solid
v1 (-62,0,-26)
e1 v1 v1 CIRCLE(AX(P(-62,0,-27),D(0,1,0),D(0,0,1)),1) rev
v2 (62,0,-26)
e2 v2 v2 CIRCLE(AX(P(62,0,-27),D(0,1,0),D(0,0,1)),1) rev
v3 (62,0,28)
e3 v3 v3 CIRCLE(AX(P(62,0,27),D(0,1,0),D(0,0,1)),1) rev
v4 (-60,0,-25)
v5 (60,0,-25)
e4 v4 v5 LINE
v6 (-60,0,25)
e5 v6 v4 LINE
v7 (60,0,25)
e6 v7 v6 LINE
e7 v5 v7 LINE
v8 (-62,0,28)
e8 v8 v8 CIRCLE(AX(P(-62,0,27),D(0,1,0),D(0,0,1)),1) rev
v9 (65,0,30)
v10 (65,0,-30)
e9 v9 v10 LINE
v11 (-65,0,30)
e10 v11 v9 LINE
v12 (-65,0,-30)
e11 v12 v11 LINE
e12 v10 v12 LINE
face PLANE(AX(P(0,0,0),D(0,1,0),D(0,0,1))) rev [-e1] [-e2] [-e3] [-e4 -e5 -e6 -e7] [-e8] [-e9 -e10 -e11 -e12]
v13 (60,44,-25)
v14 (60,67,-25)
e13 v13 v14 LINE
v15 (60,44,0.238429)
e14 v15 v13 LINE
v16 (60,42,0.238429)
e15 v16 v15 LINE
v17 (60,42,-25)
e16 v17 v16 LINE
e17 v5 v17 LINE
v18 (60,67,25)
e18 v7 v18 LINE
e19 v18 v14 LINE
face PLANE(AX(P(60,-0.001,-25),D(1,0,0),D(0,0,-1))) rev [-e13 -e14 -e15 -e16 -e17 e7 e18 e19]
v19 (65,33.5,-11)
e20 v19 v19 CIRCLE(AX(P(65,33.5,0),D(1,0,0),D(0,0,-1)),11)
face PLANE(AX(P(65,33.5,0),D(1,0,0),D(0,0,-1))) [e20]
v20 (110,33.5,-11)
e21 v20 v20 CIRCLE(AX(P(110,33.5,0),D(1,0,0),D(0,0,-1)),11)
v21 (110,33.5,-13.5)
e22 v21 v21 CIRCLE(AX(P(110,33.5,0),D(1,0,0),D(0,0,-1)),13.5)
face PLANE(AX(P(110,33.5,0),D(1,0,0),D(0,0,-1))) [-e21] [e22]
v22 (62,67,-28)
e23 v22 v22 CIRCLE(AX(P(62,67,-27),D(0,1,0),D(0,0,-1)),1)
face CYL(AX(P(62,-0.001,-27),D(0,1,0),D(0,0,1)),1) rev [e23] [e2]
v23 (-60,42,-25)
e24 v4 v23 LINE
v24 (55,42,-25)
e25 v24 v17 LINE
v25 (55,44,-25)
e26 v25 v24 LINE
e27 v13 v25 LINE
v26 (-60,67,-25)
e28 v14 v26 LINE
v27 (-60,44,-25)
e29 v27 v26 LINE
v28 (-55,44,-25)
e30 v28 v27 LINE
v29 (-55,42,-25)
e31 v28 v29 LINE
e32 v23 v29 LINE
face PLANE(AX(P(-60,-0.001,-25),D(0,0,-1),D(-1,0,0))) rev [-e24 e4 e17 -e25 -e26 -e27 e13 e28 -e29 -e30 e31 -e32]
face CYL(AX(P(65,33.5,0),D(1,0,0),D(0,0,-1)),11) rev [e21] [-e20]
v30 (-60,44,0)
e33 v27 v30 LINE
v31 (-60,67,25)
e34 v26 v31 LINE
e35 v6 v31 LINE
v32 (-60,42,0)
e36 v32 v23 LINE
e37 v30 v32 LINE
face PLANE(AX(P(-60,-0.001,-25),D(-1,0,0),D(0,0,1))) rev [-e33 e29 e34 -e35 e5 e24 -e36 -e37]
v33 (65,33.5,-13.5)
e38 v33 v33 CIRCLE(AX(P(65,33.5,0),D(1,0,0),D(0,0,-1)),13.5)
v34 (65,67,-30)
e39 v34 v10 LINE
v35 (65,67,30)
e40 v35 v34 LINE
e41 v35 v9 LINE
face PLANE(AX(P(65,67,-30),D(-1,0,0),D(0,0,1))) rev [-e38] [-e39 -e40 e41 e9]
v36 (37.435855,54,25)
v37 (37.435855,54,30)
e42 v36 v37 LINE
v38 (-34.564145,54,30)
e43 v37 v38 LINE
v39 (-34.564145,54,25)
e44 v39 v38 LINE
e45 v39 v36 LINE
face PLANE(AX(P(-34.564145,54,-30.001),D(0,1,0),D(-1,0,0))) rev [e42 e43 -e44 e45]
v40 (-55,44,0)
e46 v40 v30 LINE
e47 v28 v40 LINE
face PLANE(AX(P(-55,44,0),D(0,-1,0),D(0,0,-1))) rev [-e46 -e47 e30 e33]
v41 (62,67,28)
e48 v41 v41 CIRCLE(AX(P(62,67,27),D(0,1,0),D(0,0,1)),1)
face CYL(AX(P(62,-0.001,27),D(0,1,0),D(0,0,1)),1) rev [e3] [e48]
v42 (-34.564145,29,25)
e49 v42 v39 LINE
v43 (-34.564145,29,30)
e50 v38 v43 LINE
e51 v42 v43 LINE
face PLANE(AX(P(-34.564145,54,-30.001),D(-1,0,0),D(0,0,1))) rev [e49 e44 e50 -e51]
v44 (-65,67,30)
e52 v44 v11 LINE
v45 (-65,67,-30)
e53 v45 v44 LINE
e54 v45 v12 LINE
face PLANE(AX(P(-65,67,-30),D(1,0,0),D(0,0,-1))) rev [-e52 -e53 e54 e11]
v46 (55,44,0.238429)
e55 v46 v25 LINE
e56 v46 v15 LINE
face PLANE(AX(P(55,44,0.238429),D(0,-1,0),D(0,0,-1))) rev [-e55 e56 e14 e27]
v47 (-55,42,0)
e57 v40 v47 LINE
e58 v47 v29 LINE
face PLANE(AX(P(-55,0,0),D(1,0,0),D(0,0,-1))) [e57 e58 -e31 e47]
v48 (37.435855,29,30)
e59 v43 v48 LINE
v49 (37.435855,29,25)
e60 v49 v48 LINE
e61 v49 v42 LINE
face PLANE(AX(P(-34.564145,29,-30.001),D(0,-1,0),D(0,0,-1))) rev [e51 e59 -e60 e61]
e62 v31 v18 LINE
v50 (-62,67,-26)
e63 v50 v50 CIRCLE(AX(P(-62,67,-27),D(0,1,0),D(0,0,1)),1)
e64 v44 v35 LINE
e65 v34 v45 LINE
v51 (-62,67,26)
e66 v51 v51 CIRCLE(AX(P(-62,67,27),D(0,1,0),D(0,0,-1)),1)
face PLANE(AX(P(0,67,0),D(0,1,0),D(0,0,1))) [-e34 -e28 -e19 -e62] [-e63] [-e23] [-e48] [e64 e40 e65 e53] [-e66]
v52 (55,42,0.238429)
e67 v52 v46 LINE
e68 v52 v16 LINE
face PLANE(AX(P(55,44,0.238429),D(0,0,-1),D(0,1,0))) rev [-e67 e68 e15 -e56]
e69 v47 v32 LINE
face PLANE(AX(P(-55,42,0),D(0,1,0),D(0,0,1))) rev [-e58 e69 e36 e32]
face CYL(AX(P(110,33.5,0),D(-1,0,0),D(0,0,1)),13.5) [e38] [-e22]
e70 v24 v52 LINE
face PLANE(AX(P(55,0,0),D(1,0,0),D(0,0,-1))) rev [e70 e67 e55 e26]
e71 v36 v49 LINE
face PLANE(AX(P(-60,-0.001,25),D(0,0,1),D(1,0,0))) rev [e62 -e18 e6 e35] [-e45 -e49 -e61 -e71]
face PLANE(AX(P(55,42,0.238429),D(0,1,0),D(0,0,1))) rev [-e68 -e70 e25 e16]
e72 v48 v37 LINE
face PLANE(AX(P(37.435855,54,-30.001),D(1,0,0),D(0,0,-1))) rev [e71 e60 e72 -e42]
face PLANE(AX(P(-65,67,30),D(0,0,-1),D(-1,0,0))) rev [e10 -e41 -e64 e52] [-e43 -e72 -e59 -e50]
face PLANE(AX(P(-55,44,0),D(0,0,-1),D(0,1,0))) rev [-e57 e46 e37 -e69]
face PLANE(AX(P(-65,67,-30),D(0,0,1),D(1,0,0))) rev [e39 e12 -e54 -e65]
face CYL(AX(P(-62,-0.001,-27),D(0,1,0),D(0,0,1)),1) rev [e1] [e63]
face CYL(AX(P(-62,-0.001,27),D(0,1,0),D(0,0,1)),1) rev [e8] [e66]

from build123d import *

# Parameters (mm, degrees)
SKETCH1_W           = 130
SKETCH1_H           = 60
BOSS_EXTRUDE1_DEPTH = 67
CUT_EXTRUDE1_REACH  = 69
SKETCH2_W           = 120
SKETCH2_H           = 50
SKETCH4_W           = 27.738428507
SKETCH4_H           = 2
BOSS_EXTRUDE2_DEPTH = 5
SKETCH5_W           = 27.5
SKETCH5_H           = 2
BOSS_EXTRUDE3_DEPTH = 5
CUT_EXTRUDE2_REACH  = 62
SKETCH6_W           = 72
SKETCH6_H           = 25
CUT_EXTRUDE3_REACH  = 69
SKETCH8_R           = 1
SKETCH9_R           = 13.5
BOSS_EXTRUDE4_DEPTH = 45
SKETCH10_R          = 11
CUT_EXTRUDE4_DEPTH  = 45


with BuildPart() as part:
    # Sketch1 → Boss-Extrude1 (new body)
    with BuildSketch(Plane(origin=(0, 0, 0), x_dir=(1, 0, 0), z_dir=(0, 1, 0))):
        Rectangle(SKETCH1_W, SKETCH1_H)
    extrude(amount=BOSS_EXTRUDE1_DEPTH)

    # Sketch2 → Cut-Extrude1 (cut, up to next)
    with BuildSketch(Plane(origin=(0, 67, 0), x_dir=(1, 0, 0), z_dir=(0, 1, 0)), mode=Mode.PRIVATE) as cut_extrude1_sk1:
        Rectangle(SKETCH2_W, SKETCH2_H)
    cut_extrude1_tool1 = extrude(cut_extrude1_sk1.sketch, amount=-CUT_EXTRUDE1_REACH, mode=Mode.PRIVATE) & part.part
    add(cut_extrude1_tool1.solids().sort_by_distance((0, 67, 0))[0], mode=Mode.SUBTRACT)

    # Sketch4 → Boss-Extrude2 (add)
    with BuildSketch(Plane.ZY.offset(-60)):
        with Locations((-13.630785747, 43)):
            Rectangle(SKETCH4_W, SKETCH4_H)
    extrude(amount=BOSS_EXTRUDE2_DEPTH)

    # Sketch5 → Boss-Extrude3 (add)
    with BuildSketch(Plane(origin=(-60, 0, 0), x_dir=(0, 0, -1), z_dir=(1, 0, 0))):
        with Locations((13.75, 43)):
            Rectangle(SKETCH5_W, SKETCH5_H)
    extrude(amount=BOSS_EXTRUDE3_DEPTH)

    # Sketch6 → Cut-Extrude2 (cut, up to next)
    with BuildSketch(Plane.XY.offset(30), mode=Mode.PRIVATE) as cut_extrude2_sk1:
        with Locations((1.435854944, 41.5)):
            Rectangle(SKETCH6_W, SKETCH6_H)
    cut_extrude2_tool1 = extrude(cut_extrude2_sk1.sketch, amount=-CUT_EXTRUDE2_REACH, mode=Mode.PRIVATE) & part.part
    add(cut_extrude2_tool1.solids().sort_by_distance((1.435855, 41.5, 30))[0], mode=Mode.SUBTRACT)

    # Sketch8 → Cut-Extrude3 (cut, up to next)
    with BuildSketch(Plane(origin=(0, 67, 0), x_dir=(1, 0, 0), z_dir=(0, 1, 0)), mode=Mode.PRIVATE) as cut_extrude3_sk1:
        with Locations((-62, 27)):
            Circle(SKETCH8_R)
    cut_extrude3_tool1 = extrude(cut_extrude3_sk1.sketch, amount=-CUT_EXTRUDE3_REACH, mode=Mode.PRIVATE) & part.part
    add(cut_extrude3_tool1.solids().sort_by_distance((-62, 67, -27))[0], mode=Mode.SUBTRACT)
    # Sketch8 → Cut-Extrude3 (cut, up to next)
    with BuildSketch(Plane(origin=(0, 67, 0), x_dir=(1, 0, 0), z_dir=(0, 1, 0)), mode=Mode.PRIVATE) as cut_extrude3_sk2:
        with Locations((62, 27)):
            Circle(SKETCH8_R)
    cut_extrude3_tool2 = extrude(cut_extrude3_sk2.sketch, amount=-CUT_EXTRUDE3_REACH, mode=Mode.PRIVATE) & part.part
    add(cut_extrude3_tool2.solids().sort_by_distance((62, 67, -27))[0], mode=Mode.SUBTRACT)
    # Sketch8 → Cut-Extrude3 (cut, up to next)
    with BuildSketch(Plane(origin=(0, 67, 0), x_dir=(1, 0, 0), z_dir=(0, 1, 0)), mode=Mode.PRIVATE) as cut_extrude3_sk3:
        with Locations((-62, -27)):
            Circle(SKETCH8_R)
    cut_extrude3_tool3 = extrude(cut_extrude3_sk3.sketch, amount=-CUT_EXTRUDE3_REACH, mode=Mode.PRIVATE) & part.part
    add(cut_extrude3_tool3.solids().sort_by_distance((-62, 67, 27))[0], mode=Mode.SUBTRACT)
    # Sketch8 → Cut-Extrude3 (cut, up to next)
    with BuildSketch(Plane(origin=(0, 67, 0), x_dir=(1, 0, 0), z_dir=(0, 1, 0)), mode=Mode.PRIVATE) as cut_extrude3_sk4:
        with Locations((62, -27)):
            Circle(SKETCH8_R)
    cut_extrude3_tool4 = extrude(cut_extrude3_sk4.sketch, amount=-CUT_EXTRUDE3_REACH, mode=Mode.PRIVATE) & part.part
    add(cut_extrude3_tool4.solids().sort_by_distance((62, 67, 27))[0], mode=Mode.SUBTRACT)

    # Sketch9 → Boss-Extrude4 (add)
    with BuildSketch(Plane(origin=(65, 0, 0), x_dir=(0, 0, -1), z_dir=(1, 0, 0))):
        with Locations((0, 33.5)):
            Circle(SKETCH9_R)
    extrude(amount=BOSS_EXTRUDE4_DEPTH)

    # Sketch10 → Cut-Extrude4 (cut)
    with BuildSketch(Plane(origin=(110, 0, 0), x_dir=(0, 0, -1), z_dir=(1, 0, 0))):
        with Locations((0, 33.5)):
            Circle(SKETCH10_R)
    extrude(amount=-CUT_EXTRUDE4_DEPTH, mode=Mode.SUBTRACT)


solid = part.part
